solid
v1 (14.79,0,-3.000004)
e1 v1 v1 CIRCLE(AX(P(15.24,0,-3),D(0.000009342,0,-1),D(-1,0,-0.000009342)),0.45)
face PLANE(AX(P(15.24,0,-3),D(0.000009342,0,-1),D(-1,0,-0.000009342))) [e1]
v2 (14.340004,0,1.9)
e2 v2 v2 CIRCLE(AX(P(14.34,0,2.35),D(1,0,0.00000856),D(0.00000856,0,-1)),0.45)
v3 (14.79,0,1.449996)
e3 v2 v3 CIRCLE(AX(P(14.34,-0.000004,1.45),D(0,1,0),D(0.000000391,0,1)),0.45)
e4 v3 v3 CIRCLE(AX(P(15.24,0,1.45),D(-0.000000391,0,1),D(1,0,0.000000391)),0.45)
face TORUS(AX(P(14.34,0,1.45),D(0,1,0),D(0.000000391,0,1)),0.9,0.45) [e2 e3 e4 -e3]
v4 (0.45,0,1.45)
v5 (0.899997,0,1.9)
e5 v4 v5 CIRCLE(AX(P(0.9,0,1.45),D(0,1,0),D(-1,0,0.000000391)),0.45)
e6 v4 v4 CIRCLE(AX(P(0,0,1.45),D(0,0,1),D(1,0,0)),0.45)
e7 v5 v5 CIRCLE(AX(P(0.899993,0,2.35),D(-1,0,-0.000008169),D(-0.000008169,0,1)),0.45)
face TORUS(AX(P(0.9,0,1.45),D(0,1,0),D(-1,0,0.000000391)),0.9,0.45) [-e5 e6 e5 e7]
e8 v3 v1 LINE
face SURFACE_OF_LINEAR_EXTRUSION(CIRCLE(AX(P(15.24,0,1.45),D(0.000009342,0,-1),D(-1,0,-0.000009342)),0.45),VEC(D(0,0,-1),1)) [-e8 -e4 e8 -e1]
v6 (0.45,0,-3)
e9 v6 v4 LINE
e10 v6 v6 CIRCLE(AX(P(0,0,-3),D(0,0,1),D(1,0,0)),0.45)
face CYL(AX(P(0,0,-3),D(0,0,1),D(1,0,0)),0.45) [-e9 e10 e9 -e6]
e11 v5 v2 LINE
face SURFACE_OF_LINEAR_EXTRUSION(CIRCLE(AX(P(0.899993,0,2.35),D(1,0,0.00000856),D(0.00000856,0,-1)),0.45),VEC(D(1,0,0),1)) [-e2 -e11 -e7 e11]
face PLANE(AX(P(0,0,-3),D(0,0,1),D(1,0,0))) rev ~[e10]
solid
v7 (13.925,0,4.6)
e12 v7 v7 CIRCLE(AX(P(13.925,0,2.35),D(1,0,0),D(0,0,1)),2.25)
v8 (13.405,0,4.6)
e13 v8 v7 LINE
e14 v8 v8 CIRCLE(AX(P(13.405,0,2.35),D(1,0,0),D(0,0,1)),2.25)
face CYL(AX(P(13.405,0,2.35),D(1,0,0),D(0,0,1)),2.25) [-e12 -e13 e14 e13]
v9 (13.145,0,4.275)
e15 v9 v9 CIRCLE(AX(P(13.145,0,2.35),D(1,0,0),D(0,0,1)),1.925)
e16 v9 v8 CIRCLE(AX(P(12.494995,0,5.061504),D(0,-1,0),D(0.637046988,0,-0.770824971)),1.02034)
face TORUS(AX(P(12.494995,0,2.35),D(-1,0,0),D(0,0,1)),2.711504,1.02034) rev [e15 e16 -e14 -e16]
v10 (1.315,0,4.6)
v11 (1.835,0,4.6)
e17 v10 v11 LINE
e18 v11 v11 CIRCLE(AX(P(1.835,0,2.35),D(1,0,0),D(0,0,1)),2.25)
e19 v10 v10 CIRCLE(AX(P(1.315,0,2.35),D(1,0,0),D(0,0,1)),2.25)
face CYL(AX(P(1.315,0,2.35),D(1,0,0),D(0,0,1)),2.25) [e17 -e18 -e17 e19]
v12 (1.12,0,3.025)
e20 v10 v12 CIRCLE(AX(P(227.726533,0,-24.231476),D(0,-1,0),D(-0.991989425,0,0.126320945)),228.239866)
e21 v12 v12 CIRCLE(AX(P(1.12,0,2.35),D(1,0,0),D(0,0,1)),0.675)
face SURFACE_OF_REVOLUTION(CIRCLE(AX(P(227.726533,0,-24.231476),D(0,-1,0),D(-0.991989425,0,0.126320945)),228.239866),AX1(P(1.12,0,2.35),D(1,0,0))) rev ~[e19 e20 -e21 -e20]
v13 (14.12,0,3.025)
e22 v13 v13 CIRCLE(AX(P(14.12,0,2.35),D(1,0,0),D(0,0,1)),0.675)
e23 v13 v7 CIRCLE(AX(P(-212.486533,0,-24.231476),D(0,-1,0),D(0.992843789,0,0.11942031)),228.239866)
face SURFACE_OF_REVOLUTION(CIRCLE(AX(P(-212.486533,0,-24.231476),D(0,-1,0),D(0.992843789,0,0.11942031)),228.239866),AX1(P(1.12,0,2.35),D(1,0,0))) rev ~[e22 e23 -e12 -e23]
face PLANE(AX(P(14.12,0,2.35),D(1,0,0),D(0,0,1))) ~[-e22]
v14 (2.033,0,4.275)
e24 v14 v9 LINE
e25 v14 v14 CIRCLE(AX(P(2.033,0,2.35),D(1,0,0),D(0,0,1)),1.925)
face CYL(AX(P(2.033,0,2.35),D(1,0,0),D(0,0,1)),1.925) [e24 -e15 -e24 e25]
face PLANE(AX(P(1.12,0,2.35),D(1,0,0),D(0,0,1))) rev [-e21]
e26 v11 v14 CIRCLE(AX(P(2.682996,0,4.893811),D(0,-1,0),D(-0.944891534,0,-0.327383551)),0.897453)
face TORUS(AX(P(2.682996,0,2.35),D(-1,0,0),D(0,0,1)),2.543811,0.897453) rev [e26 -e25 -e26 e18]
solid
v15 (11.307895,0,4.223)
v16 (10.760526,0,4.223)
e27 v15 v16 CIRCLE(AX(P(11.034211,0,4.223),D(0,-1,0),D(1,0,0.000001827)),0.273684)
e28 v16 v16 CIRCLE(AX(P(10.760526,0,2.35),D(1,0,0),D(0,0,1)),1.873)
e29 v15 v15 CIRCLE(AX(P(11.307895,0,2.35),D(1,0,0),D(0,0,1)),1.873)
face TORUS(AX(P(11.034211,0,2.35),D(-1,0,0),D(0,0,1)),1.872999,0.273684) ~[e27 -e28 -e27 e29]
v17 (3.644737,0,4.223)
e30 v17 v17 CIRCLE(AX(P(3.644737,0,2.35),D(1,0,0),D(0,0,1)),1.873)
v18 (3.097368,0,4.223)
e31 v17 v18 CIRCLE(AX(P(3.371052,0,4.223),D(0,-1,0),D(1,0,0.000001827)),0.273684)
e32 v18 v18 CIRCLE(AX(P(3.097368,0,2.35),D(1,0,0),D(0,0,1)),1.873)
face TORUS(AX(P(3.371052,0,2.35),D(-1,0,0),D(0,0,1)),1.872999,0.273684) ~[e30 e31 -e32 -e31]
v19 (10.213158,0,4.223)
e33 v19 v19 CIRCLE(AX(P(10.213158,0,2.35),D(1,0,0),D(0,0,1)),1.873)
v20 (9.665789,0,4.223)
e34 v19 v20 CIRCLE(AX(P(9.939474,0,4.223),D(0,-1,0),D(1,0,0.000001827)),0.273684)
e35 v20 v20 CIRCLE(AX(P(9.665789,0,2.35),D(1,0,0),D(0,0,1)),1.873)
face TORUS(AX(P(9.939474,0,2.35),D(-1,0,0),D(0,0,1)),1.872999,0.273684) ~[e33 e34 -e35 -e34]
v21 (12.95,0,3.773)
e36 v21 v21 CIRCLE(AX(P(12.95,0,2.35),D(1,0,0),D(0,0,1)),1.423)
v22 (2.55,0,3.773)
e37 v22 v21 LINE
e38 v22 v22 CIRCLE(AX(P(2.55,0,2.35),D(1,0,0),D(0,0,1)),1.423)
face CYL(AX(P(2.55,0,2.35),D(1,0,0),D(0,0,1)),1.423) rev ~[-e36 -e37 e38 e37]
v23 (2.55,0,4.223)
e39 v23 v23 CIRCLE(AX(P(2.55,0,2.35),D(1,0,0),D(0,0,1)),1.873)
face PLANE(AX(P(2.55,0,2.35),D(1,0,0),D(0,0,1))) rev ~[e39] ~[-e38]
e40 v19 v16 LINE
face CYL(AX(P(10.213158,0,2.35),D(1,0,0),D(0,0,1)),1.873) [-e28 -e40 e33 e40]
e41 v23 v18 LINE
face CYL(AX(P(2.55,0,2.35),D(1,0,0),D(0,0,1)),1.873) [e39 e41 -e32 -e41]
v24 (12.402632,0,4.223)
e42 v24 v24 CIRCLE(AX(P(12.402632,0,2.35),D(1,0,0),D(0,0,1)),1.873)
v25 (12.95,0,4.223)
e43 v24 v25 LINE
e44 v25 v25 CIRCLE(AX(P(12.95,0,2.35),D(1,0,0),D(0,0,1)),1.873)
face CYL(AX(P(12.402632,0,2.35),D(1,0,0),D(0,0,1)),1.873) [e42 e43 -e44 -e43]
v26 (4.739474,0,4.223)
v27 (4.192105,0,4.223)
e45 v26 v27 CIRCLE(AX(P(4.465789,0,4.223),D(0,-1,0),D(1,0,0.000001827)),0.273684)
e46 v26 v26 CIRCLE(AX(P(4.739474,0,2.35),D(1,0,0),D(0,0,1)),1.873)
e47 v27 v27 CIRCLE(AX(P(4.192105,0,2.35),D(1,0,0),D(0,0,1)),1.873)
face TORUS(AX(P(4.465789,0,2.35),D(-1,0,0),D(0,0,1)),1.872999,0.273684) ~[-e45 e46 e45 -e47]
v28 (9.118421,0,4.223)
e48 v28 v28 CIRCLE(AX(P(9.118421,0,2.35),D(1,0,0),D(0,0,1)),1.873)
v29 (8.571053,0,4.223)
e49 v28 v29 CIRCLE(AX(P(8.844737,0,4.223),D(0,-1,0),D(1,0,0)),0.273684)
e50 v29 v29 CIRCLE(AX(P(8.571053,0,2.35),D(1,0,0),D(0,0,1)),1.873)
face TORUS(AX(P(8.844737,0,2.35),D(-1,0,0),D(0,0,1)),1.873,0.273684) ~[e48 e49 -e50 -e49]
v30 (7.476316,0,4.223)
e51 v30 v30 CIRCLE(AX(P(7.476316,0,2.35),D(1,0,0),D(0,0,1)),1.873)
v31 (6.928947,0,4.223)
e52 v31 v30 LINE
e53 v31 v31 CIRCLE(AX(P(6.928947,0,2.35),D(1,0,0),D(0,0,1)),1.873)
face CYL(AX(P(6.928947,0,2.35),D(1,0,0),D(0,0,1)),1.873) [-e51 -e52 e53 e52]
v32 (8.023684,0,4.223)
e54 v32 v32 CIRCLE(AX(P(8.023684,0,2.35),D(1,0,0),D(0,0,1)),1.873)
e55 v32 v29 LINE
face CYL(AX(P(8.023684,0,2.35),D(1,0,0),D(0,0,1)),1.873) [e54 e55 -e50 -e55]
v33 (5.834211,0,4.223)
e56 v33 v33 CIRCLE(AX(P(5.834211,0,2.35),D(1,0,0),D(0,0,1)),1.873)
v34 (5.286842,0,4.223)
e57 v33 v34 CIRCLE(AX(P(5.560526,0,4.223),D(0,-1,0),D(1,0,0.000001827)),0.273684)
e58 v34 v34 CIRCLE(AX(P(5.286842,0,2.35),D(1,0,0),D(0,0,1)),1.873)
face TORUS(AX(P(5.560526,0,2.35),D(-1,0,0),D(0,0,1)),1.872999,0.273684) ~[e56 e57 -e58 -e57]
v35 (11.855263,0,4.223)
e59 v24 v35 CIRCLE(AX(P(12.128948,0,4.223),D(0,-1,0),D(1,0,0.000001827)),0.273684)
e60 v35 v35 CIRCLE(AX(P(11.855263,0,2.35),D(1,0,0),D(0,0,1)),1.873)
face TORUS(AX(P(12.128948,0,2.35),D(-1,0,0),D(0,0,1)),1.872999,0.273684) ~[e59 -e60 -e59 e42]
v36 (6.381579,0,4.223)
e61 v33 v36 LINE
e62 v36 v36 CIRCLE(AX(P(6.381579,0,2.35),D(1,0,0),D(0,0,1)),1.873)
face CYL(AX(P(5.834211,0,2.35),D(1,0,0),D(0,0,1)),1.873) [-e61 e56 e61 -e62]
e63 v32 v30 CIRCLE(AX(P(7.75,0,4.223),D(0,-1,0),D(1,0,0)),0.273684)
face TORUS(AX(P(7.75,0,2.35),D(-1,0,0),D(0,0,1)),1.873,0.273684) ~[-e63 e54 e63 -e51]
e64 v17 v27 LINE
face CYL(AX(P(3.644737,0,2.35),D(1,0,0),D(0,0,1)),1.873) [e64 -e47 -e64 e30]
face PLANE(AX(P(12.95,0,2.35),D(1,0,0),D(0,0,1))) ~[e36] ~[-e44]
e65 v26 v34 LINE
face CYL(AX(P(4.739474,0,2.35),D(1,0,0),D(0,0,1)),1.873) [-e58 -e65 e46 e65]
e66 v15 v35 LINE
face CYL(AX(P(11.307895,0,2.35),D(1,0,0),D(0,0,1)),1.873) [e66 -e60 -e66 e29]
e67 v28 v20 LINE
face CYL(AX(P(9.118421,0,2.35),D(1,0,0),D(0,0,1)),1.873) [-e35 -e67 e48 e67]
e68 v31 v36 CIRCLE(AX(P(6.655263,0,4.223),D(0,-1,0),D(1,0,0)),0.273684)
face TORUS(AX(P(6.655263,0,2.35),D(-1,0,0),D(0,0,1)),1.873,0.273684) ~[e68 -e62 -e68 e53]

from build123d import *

# Parameters (mm, degrees)
SKETCH_R = 0.45


with BuildPart() as revolution:
    # Sketch002 → Revolution (revolve)
    with BuildSketch(Plane.XZ):
        with BuildLine():
            Line((1.315, 4.6), (1.835, 4.6))
            ThreePointArc((1.835, 4.6), (1.916575, 4.426884), (2.033, 4.275))
            Line((2.033, 4.275), (13.145, 4.275))
            ThreePointArc((13.145, 4.275), (13.291747, 4.424102), (13.405, 4.6))
            Line((13.405, 4.6), (13.925, 4.6))
            ThreePointArc((14.12, 3.025), (14.023869, 3.812669), (13.925, 4.6))
            Line((14.12, 2.35), (14.12, 3.025))
            Line((1.12, 2.35), (14.12, 2.35))
            Line((1.12, 2.35), (1.12, 3.025))
            ThreePointArc((1.315, 4.6), (1.216131, 3.812669), (1.12, 3.025))
        make_face()
    revolve(axis=Axis((1.12, 0, 2.35), (1, 0, 0)))


with BuildPart() as sweep_body:
    # Sweep: sweep along a path in Sketch001
    with BuildLine(Plane.XZ) as sweep_path:
        Line((0, -3), (0, 1.45))
        ThreePointArc((0, 1.45), (0.263601, 2.086393), (0.899993, 2.35))
        Line((0.899993, 2.35), (14.34, 2.35))
        ThreePointArc((14.34, 2.35), (14.976396, 2.086396), (15.24, 1.45))
        Line((15.24, 1.45), (15.24, -3))
    # Sketch → Sweep (sweep)
    with BuildSketch(Plane.XY.offset(-2)):
        Circle(SKETCH_R)
    sweep(path=sweep_path.line)


with BuildPart() as revolution001:
    # Sketch003 → Revolution001 (revolve)
    with BuildSketch(Plane.XZ):
        with BuildLine():
            ThreePointArc((3.644737, 4.223), (3.371053, 4.496684), (3.097368, 4.223))
            Line((2.55, 4.223), (3.097368, 4.223))
            Line((2.55, 4.223), (2.55, 3.773))
            Line((2.55, 3.773), (12.95, 3.773))
            Line((12.95, 3.773), (12.95, 4.223))
            Line((12.402632, 4.223), (12.95, 4.223))
            ThreePointArc((12.402632, 4.223), (12.128947, 4.496684), (11.855263, 4.223))
            Line((11.307895, 4.223), (11.855263, 4.223))
            ThreePointArc((11.307895, 4.223), (11.034211, 4.496684), (10.760526, 4.223))
            Line((10.213158, 4.223), (10.760526, 4.223))
            ThreePointArc((10.213158, 4.223), (9.939474, 4.496684), (9.665789, 4.223))
            Line((9.118421, 4.223), (9.665789, 4.223))
            ThreePointArc((9.118421, 4.223), (8.844737, 4.496684), (8.571053, 4.223))
            Line((8.023684, 4.223), (8.571053, 4.223))
            ThreePointArc((8.023684, 4.223), (7.75, 4.496684), (7.476316, 4.223))
            Line((6.928947, 4.223), (7.476316, 4.223))
            ThreePointArc((6.928947, 4.223), (6.655263, 4.496684), (6.381579, 4.223))
            Line((5.834211, 4.223), (6.381579, 4.223))
            ThreePointArc((5.834211, 4.223), (5.560526, 4.496684), (5.286842, 4.223))
            Line((4.739474, 4.223), (5.286842, 4.223))
            ThreePointArc((4.739474, 4.223), (4.465789, 4.496684), (4.192105, 4.223))
            Line((3.644737, 4.223), (4.192105, 4.223))
        make_face()
    revolve(axis=Axis((1.445, 0, 2.35), (1, 0, 0)))


solid = Compound([revolution.part, sweep_body.part, revolution001.part])
